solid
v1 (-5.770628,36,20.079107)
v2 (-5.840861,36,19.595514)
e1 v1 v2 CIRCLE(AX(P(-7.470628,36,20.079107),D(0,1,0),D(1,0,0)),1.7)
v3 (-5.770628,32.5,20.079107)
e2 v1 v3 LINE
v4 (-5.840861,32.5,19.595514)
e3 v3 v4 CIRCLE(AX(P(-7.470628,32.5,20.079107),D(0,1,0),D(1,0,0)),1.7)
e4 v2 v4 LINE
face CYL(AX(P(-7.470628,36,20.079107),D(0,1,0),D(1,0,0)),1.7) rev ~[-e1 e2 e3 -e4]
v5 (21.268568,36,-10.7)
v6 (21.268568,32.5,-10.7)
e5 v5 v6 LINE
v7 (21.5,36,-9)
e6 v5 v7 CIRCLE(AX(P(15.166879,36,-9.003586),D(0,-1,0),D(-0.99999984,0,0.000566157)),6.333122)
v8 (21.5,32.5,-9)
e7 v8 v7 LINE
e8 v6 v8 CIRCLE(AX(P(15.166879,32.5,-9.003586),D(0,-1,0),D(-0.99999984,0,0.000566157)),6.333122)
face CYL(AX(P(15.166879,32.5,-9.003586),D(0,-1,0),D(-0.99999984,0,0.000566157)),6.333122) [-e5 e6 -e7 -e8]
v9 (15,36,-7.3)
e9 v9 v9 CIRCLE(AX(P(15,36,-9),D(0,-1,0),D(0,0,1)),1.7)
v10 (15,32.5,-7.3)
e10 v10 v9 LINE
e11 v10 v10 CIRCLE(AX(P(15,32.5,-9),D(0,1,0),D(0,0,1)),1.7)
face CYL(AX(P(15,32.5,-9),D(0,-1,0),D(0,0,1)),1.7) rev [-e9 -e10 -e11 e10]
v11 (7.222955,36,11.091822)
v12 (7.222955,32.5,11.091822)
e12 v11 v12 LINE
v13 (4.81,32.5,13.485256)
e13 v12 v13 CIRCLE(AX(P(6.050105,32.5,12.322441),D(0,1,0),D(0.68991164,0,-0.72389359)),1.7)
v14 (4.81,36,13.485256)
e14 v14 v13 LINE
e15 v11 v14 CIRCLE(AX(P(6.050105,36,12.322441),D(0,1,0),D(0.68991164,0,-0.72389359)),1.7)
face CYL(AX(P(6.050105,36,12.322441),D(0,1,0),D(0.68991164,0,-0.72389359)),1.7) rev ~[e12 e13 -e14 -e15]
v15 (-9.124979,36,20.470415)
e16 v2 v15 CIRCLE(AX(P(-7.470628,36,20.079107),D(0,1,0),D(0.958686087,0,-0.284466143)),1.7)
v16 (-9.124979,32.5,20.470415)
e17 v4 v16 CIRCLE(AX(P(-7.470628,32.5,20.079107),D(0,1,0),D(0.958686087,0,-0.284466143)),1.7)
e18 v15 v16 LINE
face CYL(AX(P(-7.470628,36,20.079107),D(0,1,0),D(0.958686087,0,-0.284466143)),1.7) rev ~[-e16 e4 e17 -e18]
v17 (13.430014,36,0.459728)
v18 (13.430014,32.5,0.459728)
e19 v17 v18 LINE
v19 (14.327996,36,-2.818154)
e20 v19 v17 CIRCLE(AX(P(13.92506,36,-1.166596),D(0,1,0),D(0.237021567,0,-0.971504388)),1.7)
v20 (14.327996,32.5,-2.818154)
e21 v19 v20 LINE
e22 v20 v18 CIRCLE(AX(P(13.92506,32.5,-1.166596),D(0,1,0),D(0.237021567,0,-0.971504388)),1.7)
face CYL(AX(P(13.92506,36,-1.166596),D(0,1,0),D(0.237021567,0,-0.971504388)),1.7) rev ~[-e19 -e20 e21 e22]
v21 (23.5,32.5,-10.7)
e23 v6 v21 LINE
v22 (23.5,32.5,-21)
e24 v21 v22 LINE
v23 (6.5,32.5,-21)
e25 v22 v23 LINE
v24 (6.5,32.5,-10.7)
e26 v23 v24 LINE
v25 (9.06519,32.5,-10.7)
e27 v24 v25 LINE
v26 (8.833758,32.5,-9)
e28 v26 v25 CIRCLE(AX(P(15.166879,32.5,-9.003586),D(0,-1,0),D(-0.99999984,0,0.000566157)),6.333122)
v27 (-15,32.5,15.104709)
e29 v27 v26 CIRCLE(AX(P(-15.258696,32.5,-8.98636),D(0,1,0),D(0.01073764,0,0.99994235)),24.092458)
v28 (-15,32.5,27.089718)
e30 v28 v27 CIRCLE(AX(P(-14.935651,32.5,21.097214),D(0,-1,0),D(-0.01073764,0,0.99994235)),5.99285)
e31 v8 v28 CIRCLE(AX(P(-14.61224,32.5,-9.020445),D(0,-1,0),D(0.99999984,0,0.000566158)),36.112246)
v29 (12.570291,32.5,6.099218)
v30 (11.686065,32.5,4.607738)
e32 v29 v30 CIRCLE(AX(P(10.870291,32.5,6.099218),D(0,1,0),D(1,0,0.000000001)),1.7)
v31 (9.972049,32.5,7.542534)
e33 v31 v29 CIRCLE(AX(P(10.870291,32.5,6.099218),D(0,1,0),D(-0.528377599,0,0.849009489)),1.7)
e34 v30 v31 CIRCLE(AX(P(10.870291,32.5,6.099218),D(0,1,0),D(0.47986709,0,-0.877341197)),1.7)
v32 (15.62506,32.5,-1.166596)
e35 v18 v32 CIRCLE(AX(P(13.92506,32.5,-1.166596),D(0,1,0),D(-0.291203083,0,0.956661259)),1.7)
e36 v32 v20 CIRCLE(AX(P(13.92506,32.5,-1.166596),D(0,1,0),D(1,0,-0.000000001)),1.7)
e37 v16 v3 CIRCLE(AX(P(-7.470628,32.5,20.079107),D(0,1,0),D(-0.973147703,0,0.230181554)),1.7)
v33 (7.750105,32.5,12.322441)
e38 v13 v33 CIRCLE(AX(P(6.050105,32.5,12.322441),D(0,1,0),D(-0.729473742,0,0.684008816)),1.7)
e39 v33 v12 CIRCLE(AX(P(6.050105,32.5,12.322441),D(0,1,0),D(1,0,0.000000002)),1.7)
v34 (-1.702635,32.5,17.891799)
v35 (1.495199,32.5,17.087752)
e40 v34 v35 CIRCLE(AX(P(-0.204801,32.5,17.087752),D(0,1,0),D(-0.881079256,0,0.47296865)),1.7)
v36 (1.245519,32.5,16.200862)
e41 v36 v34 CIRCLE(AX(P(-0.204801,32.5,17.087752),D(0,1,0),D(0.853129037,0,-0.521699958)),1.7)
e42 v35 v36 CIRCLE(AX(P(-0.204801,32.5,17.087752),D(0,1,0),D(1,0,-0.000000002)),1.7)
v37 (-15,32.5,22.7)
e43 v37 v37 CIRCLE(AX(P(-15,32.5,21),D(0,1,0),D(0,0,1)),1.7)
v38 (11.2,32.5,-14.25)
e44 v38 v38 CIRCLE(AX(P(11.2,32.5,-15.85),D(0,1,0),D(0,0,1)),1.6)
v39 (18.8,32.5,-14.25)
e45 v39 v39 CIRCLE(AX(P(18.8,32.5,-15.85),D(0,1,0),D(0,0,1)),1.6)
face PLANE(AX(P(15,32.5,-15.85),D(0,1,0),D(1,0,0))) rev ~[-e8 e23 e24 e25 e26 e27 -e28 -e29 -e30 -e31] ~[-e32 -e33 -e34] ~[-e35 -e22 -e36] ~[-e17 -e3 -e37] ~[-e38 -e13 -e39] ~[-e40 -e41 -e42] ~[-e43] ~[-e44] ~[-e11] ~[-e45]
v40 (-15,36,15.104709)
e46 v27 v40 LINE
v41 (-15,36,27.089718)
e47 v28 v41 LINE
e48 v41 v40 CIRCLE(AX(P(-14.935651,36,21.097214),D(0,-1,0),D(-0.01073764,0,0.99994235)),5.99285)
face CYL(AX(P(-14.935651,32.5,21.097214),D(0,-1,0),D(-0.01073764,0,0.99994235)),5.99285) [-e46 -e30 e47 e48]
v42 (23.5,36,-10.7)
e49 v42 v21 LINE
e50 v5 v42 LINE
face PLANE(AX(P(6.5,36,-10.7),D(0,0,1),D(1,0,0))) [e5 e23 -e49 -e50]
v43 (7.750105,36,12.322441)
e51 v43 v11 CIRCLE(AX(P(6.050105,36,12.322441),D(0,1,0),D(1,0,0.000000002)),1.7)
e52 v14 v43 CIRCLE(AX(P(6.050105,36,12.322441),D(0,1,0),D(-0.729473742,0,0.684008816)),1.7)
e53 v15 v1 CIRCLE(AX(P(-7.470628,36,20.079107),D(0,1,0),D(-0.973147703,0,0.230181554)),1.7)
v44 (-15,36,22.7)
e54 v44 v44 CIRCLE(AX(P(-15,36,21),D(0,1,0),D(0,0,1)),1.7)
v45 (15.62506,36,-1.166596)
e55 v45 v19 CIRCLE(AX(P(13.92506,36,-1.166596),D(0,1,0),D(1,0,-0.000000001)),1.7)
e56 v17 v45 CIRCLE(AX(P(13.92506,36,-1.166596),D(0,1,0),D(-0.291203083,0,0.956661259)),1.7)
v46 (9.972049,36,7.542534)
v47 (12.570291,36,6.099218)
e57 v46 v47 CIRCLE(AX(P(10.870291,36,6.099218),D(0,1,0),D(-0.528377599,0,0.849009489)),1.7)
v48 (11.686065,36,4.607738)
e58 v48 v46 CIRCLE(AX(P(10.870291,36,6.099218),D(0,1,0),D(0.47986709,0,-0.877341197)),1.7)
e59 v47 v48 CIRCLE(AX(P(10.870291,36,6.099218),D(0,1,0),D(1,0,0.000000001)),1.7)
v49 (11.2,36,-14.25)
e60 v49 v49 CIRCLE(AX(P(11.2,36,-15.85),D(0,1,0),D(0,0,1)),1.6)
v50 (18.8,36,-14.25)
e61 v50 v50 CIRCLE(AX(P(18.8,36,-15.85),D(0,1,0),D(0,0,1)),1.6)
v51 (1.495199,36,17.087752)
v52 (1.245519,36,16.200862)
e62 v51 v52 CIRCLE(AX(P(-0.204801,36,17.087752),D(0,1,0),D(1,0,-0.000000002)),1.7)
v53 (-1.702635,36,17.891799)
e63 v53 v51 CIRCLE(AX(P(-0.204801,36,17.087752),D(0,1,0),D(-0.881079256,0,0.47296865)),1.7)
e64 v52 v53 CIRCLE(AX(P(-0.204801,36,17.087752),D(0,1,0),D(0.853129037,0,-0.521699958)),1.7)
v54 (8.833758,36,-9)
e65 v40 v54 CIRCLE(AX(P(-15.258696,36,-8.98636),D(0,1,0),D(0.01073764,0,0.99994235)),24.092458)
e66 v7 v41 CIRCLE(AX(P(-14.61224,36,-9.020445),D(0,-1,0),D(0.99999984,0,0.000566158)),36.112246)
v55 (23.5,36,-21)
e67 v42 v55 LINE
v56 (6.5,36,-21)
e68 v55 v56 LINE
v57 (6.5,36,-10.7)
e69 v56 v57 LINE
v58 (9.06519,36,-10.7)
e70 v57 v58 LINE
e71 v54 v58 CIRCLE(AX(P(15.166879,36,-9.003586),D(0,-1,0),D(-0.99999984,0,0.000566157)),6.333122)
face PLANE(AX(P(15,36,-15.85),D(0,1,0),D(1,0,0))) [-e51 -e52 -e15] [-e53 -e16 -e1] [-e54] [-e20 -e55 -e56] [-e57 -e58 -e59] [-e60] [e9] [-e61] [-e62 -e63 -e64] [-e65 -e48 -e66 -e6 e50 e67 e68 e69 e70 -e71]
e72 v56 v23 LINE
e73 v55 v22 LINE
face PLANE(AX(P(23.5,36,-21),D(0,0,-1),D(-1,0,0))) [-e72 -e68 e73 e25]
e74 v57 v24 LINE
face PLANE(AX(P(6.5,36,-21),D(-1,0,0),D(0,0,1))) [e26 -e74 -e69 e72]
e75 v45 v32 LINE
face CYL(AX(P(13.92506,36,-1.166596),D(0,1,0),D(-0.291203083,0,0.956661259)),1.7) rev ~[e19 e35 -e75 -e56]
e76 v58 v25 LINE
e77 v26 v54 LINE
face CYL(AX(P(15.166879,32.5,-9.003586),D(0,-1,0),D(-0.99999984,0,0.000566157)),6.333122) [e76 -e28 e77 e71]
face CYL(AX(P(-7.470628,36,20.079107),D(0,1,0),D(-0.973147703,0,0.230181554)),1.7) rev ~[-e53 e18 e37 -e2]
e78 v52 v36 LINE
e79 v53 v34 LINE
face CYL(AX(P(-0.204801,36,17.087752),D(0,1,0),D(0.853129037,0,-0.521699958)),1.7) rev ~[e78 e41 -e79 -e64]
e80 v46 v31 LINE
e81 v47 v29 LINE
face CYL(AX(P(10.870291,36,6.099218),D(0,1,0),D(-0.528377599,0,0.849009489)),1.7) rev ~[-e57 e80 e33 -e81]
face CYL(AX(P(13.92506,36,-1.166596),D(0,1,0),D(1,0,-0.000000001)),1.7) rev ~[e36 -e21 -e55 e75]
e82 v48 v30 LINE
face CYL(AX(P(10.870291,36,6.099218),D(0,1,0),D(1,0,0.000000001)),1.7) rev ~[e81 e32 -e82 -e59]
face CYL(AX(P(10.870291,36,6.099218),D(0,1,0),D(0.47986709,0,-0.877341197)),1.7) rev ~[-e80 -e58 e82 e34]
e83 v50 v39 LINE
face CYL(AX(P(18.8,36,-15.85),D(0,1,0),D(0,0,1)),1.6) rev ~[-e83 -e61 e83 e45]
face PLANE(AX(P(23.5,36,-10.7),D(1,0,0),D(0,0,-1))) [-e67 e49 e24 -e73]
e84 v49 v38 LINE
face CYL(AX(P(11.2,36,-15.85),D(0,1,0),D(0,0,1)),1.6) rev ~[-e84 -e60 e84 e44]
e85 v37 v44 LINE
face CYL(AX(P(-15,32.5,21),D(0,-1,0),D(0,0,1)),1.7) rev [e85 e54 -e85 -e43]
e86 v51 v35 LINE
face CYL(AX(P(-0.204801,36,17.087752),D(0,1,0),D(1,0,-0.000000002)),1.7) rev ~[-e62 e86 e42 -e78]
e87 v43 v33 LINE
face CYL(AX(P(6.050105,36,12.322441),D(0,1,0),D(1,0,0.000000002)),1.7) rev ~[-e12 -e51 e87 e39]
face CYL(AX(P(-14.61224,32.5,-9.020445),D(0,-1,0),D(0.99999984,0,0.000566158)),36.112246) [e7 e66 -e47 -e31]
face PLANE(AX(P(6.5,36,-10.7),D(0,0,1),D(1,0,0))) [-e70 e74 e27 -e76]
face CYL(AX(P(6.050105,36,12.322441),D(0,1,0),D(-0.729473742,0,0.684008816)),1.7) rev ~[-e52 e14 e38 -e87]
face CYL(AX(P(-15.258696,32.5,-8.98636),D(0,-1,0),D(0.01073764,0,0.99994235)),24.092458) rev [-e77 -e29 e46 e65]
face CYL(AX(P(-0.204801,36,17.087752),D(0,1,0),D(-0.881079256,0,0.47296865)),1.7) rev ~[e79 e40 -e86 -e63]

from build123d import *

# Parameters (mm, degrees)
ESBO_O1_W                = 50
ESBO_O1_H                = 11
RESSALTO_EXTRUS_O1_DEPTH = 22.5
ESBO_O2_W                = 46
ESBO_O2_H                = 7
CORTE_EXTRUS_O1_DEPTH    = 20.5
ESBO_O3_W                = 10.97916057
ESBO_O3_H                = 2
CORTE_EXTRUS_O2_DEPTH    = 4
CORTE_EXTRUS_O3_DEPTH    = 4
ESBO_O9_W                = 50
ESBO_O9_H                = 4
RESSALTO_EXTRUS_O4_DEPTH = 7
ESBO_O13_R               = 1.5
CORTE_EXTRUS_O4_DEPTH    = 7
ESBO_O19_W               = 9
ESBO_O19_H               = 4
RESSALTO_EXTRUS_O5_DEPTH = 22.5
ESBO_O20_R               = 1.7
RESSALTO_EXTRUS_O7_DEPTH = 3.5
ESBO_O21_W               = 68.510383691
ESBO_O21_H               = 66.833312069
CORTE_EXTRUS_O7_DEPTH    = 50.144843501
CORTE_EXTRUS_O8_DEPTH    = 35.762993058
RESSALTO_EXTRUS_O9_DEPTH = 3.5
ESBO_O24_R               = 1.6
CORTE_EXTRUS_O9_DEPTH    = 3.5


with BuildPart() as part:
    # Esboço1 → Ressalto-extrusão1 (new body)
    with BuildSketch(Plane(origin=(0, 0, 0), x_dir=(1, 0, 0), z_dir=(0, 1, 0))):
        Rectangle(ESBO_O1_W, ESBO_O1_H)
    extrude(amount=RESSALTO_EXTRUS_O1_DEPTH)

    # Esboço2 → Corte-extrusão1 (cut)
    with BuildSketch(Plane(origin=(0, 22.5, 0), x_dir=(1, 0, 0), z_dir=(0, 1, 0))):
        Rectangle(ESBO_O2_W, ESBO_O2_H)
    extrude(amount=-CORTE_EXTRUS_O1_DEPTH, mode=Mode.SUBTRACT)

    # Esboço3 → Corte-extrusão2 (cut)
    with BuildSketch(Plane(origin=(0, 22.5, 0), x_dir=(1, 0, 0), z_dir=(0, 1, 0))):
        with Locations((0, 4.5)):
            Rectangle(ESBO_O3_W, ESBO_O3_H)
    extrude(amount=-CORTE_EXTRUS_O2_DEPTH, mode=Mode.SUBTRACT)

    # Esboço5 → Corte-extrusão3 (cut)
    with BuildSketch(Plane.XY.offset(5.5)):
        with BuildLine():
            Line((-21, 22.5), (-4.5, 22.5))
            Line((-4.5, 22.5), (-4.5, 11.75))
            ThreePointArc((-4.5, 11.75), (-12.75, 3.5), (-21, 11.75))
            Line((-21, 11.75), (-21, 22.5))
        make_face()
        with BuildLine():
            Line((4.5, 22.5), (21, 22.5))
            Line((21, 22.5), (21, 11.75))
            ThreePointArc((21, 11.75), (12.75, 3.5), (4.5, 11.75))
            Line((4.5, 11.75), (4.5, 22.5))
        make_face()
    extrude(amount=-CORTE_EXTRUS_O3_DEPTH, mode=Mode.SUBTRACT)

    # Esboço9 → Ressalto-extrusão4 (add)
    with BuildSketch(Plane(origin=(0, 0, -5.5), x_dir=(-1, 0, 0), z_dir=(0, 0, -1))):
        with Locations((0, 2)):
            Rectangle(ESBO_O9_W, ESBO_O9_H)
    extrude(amount=RESSALTO_EXTRUS_O4_DEPTH)

    # Esboço13 → Corte-extrusão4 (cut)
    with BuildSketch(Plane(origin=(0, 4, 0), x_dir=(1, 0, 0), z_dir=(0, 1, 0))):
        with Locations(Location((10, 9, 0), (0, 0, 270))):
            Circle(ESBO_O13_R)
        with Locations(Location((5, 9, 0), (0, 0, 270))):
            Circle(ESBO_O13_R)
        with Locations(Location((20, 9, 0), (0, 0, 270))):
            Circle(ESBO_O13_R)
        with Locations(Location((15, 9, 0), (0, 0, 270))):
            Circle(ESBO_O13_R)
        with Locations(Location((0, 9, 0), (0, 0, 270))):
            Circle(ESBO_O13_R)
        with Locations(Location((-5, 9, 0), (0, 0, 270))):
            Circle(ESBO_O13_R)
        with Locations(Location((-10, 9, 0), (0, 0, 270))):
            Circle(ESBO_O13_R)
        with Locations(Location((-15, 9, 0), (0, 0, 270))):
            Circle(ESBO_O13_R)
        with Locations(Location((-20, 9, 0), (0, 0, 270))):
            Circle(ESBO_O13_R)
    extrude(amount=-CORTE_EXTRUS_O4_DEPTH, mode=Mode.SUBTRACT)

    # Esboço19 → Ressalto-extrusão5 (add)
    with BuildSketch(Plane(origin=(0, 22.5, 0), x_dir=(1, 0, 0), z_dir=(0, 1, 0))):
        with Locations((0, -5.5)):
            Rectangle(ESBO_O19_W, ESBO_O19_H)
    extrude(amount=-RESSALTO_EXTRUS_O5_DEPTH)

    # Esboço21 → Corte-extrusão7 (cut, through all)
    with BuildSketch(Plane(origin=(0, 32.5, 0), x_dir=(1, 0, 0), z_dir=(0, 1, 0))):
        with Locations((0.009195905, -3.607588671)):
            Rectangle(ESBO_O21_W, ESBO_O21_H)
    extrude(amount=-CORTE_EXTRUS_O7_DEPTH, mode=Mode.SUBTRACT)


with BuildPart() as body_2:
    # Esboço20 → Ressalto-extrusão7 (new body)
    with BuildSketch(Plane(origin=(0, 32.5, 0), x_dir=(1, 0, 0), z_dir=(0, 1, 0))):
        with BuildLine():
            ThreePointArc((8.833758049, 9), (15.166879024, 15.336707535), (21.5, 9))
            ThreePointArc((21.5, 9), (10.778241796, -16.658684905), (-15, -27.089718411))
            ThreePointArc((-15, -27.089718411), (-20.92850101, -21.097213824), (-15, -15.104709238))
            ThreePointArc((-15, -15.104709238), (1.873258871, -7.953021825), (8.833758049, 9))
        make_face()
        with Locations(Location((15, 9, 0), (0, 0, 270))):
            Circle(ESBO_O20_R, mode=Mode.SUBTRACT)
        with Locations(Location((-15, -21, 0), (0, 0, 270))):
            Circle(ESBO_O20_R, mode=Mode.SUBTRACT)
    extrude(amount=RESSALTO_EXTRUS_O7_DEPTH)

    # Esboço22 → Corte-extrusão8 (cut, through all)
    with BuildSketch(Plane(origin=(0, 36, 0), x_dir=(1, 0, 0), z_dir=(0, 1, 0))):
        with BuildLine():
            ThreePointArc((1.24551884, -16.20086225), (-1.05060257, -15.613093269), (-1.702635259, -17.891798883))
            ThreePointArc((-1.702635259, -17.891798883), (-0.204800523, -17.087752178), (1.24551884, -16.20086225))
        make_face()
        with BuildLine():
            ThreePointArc((1.24551884, -16.20086225), (-0.204800523, -17.087752178), (-1.702635259, -17.891798883))
            ThreePointArc((-1.702635259, -17.891798883), (0.209735934, -18.736436358), (1.495199477, -17.087752178))
            ThreePointArc((1.495199477, -17.087752178), (1.43158924, -16.627069487), (1.24551884, -16.20086225))
        make_face()
        with BuildLine():
            ThreePointArc((-5.840861487, -19.595514274), (-7.908251051, -18.436399829), (-9.12497893, -20.470415359))
            ThreePointArc((-9.12497893, -20.470415359), (-7.470627834, -20.079106718), (-5.840861487, -19.595514274))
        make_face()
        with BuildLine():
            ThreePointArc((-5.840861487, -19.595514274), (-7.470627834, -20.079106718), (-9.12497893, -20.470415359))
            ThreePointArc((-9.12497893, -20.470415359), (-7.273646696, -21.767655927), (-5.770627834, -20.079106718))
            ThreePointArc((-5.770627834, -20.079106718), (-5.788277872, -19.834773739), (-5.840861487, -19.595514274))
        make_face()
        with BuildLine():
            ThreePointArc((7.222954726, -11.091822097), (4.852915515, -11.115487395), (4.809999578, -13.485256187))
            ThreePointArc((4.809999578, -13.485256187), (6.050104938, -12.3224412), (7.222954726, -11.091822097))
        make_face()
        with BuildLine():
            ThreePointArc((7.222954726, -11.091822097), (6.050104938, -12.3224412), (4.809999578, -13.485256187))
            ThreePointArc((4.809999578, -13.485256187), (6.675333252, -13.903292096), (7.750104938, -12.3224412))
            ThreePointArc((7.750104938, -12.3224412), (7.612770072, -11.653055152), (7.222954726, -11.091822097))
        make_face()
        with BuildLine():
            ThreePointArc((11.686065273, -4.607737974), (9.402313913, -5.241871738), (9.972049301, -7.542534141))
            ThreePointArc((9.972049301, -7.542534141), (10.870291219, -6.099218009), (11.686065273, -4.607737974))
        make_face()
        with BuildLine():
            ThreePointArc((11.686065273, -4.607737974), (10.870291219, -6.099218009), (9.972049301, -7.542534141))
            ThreePointArc((9.972049301, -7.542534141), (11.695817941, -7.585322188), (12.570291219, -6.099218009))
            ThreePointArc((12.570291219, -6.099218009), (12.332620849, -5.232273919), (11.686065273, -4.607737974))
        make_face()
        with BuildLine():
            ThreePointArc((14.327996178, 2.818153576), (12.285471778, 1.615764297), (13.430014274, -0.459728025))
            ThreePointArc((13.430014274, -0.459728025), (13.925059514, 1.166596116), (14.327996178, 2.818153576))
        make_face()
        with BuildLine():
            ThreePointArc((14.327996178, 2.818153576), (13.925059514, 1.166596116), (13.430014274, -0.459728025))
            ThreePointArc((13.430014274, -0.459728025), (14.937092886, -0.199342556), (15.625059514, 1.166596116))
            ThreePointArc((15.625059514, 1.166596116), (15.262032275, 2.216597942), (14.327996178, 2.818153576))
        make_face()
    extrude(amount=-CORTE_EXTRUS_O8_DEPTH, mode=Mode.SUBTRACT)

    # Esboço23 → Ressalto-extrusão9 (add)
    with BuildSketch(Plane(origin=(0, 36, 0), x_dir=(1, 0, 0), z_dir=(0, 1, 0))):
        Polygon((15, 10.7), (23.5, 10.7), (23.5, 21), (6.5, 21), (6.5, 10.7), align=None)
    extrude(amount=-RESSALTO_EXTRUS_O9_DEPTH)

    # Esboço24 → Corte-extrusão9 (cut)
    with BuildSketch(Plane(origin=(0, 36, 0), x_dir=(1, 0, 0), z_dir=(0, 1, 0))):
        with Locations(Location((11.2, 15.85, 0), (0, 0, 270))):
            Circle(ESBO_O24_R)
        with Locations(Location((18.8, 15.85, 0), (0, 0, 270))):
            Circle(ESBO_O24_R)
    extrude(amount=-CORTE_EXTRUS_O9_DEPTH, mode=Mode.SUBTRACT)


solid = body_2.part
